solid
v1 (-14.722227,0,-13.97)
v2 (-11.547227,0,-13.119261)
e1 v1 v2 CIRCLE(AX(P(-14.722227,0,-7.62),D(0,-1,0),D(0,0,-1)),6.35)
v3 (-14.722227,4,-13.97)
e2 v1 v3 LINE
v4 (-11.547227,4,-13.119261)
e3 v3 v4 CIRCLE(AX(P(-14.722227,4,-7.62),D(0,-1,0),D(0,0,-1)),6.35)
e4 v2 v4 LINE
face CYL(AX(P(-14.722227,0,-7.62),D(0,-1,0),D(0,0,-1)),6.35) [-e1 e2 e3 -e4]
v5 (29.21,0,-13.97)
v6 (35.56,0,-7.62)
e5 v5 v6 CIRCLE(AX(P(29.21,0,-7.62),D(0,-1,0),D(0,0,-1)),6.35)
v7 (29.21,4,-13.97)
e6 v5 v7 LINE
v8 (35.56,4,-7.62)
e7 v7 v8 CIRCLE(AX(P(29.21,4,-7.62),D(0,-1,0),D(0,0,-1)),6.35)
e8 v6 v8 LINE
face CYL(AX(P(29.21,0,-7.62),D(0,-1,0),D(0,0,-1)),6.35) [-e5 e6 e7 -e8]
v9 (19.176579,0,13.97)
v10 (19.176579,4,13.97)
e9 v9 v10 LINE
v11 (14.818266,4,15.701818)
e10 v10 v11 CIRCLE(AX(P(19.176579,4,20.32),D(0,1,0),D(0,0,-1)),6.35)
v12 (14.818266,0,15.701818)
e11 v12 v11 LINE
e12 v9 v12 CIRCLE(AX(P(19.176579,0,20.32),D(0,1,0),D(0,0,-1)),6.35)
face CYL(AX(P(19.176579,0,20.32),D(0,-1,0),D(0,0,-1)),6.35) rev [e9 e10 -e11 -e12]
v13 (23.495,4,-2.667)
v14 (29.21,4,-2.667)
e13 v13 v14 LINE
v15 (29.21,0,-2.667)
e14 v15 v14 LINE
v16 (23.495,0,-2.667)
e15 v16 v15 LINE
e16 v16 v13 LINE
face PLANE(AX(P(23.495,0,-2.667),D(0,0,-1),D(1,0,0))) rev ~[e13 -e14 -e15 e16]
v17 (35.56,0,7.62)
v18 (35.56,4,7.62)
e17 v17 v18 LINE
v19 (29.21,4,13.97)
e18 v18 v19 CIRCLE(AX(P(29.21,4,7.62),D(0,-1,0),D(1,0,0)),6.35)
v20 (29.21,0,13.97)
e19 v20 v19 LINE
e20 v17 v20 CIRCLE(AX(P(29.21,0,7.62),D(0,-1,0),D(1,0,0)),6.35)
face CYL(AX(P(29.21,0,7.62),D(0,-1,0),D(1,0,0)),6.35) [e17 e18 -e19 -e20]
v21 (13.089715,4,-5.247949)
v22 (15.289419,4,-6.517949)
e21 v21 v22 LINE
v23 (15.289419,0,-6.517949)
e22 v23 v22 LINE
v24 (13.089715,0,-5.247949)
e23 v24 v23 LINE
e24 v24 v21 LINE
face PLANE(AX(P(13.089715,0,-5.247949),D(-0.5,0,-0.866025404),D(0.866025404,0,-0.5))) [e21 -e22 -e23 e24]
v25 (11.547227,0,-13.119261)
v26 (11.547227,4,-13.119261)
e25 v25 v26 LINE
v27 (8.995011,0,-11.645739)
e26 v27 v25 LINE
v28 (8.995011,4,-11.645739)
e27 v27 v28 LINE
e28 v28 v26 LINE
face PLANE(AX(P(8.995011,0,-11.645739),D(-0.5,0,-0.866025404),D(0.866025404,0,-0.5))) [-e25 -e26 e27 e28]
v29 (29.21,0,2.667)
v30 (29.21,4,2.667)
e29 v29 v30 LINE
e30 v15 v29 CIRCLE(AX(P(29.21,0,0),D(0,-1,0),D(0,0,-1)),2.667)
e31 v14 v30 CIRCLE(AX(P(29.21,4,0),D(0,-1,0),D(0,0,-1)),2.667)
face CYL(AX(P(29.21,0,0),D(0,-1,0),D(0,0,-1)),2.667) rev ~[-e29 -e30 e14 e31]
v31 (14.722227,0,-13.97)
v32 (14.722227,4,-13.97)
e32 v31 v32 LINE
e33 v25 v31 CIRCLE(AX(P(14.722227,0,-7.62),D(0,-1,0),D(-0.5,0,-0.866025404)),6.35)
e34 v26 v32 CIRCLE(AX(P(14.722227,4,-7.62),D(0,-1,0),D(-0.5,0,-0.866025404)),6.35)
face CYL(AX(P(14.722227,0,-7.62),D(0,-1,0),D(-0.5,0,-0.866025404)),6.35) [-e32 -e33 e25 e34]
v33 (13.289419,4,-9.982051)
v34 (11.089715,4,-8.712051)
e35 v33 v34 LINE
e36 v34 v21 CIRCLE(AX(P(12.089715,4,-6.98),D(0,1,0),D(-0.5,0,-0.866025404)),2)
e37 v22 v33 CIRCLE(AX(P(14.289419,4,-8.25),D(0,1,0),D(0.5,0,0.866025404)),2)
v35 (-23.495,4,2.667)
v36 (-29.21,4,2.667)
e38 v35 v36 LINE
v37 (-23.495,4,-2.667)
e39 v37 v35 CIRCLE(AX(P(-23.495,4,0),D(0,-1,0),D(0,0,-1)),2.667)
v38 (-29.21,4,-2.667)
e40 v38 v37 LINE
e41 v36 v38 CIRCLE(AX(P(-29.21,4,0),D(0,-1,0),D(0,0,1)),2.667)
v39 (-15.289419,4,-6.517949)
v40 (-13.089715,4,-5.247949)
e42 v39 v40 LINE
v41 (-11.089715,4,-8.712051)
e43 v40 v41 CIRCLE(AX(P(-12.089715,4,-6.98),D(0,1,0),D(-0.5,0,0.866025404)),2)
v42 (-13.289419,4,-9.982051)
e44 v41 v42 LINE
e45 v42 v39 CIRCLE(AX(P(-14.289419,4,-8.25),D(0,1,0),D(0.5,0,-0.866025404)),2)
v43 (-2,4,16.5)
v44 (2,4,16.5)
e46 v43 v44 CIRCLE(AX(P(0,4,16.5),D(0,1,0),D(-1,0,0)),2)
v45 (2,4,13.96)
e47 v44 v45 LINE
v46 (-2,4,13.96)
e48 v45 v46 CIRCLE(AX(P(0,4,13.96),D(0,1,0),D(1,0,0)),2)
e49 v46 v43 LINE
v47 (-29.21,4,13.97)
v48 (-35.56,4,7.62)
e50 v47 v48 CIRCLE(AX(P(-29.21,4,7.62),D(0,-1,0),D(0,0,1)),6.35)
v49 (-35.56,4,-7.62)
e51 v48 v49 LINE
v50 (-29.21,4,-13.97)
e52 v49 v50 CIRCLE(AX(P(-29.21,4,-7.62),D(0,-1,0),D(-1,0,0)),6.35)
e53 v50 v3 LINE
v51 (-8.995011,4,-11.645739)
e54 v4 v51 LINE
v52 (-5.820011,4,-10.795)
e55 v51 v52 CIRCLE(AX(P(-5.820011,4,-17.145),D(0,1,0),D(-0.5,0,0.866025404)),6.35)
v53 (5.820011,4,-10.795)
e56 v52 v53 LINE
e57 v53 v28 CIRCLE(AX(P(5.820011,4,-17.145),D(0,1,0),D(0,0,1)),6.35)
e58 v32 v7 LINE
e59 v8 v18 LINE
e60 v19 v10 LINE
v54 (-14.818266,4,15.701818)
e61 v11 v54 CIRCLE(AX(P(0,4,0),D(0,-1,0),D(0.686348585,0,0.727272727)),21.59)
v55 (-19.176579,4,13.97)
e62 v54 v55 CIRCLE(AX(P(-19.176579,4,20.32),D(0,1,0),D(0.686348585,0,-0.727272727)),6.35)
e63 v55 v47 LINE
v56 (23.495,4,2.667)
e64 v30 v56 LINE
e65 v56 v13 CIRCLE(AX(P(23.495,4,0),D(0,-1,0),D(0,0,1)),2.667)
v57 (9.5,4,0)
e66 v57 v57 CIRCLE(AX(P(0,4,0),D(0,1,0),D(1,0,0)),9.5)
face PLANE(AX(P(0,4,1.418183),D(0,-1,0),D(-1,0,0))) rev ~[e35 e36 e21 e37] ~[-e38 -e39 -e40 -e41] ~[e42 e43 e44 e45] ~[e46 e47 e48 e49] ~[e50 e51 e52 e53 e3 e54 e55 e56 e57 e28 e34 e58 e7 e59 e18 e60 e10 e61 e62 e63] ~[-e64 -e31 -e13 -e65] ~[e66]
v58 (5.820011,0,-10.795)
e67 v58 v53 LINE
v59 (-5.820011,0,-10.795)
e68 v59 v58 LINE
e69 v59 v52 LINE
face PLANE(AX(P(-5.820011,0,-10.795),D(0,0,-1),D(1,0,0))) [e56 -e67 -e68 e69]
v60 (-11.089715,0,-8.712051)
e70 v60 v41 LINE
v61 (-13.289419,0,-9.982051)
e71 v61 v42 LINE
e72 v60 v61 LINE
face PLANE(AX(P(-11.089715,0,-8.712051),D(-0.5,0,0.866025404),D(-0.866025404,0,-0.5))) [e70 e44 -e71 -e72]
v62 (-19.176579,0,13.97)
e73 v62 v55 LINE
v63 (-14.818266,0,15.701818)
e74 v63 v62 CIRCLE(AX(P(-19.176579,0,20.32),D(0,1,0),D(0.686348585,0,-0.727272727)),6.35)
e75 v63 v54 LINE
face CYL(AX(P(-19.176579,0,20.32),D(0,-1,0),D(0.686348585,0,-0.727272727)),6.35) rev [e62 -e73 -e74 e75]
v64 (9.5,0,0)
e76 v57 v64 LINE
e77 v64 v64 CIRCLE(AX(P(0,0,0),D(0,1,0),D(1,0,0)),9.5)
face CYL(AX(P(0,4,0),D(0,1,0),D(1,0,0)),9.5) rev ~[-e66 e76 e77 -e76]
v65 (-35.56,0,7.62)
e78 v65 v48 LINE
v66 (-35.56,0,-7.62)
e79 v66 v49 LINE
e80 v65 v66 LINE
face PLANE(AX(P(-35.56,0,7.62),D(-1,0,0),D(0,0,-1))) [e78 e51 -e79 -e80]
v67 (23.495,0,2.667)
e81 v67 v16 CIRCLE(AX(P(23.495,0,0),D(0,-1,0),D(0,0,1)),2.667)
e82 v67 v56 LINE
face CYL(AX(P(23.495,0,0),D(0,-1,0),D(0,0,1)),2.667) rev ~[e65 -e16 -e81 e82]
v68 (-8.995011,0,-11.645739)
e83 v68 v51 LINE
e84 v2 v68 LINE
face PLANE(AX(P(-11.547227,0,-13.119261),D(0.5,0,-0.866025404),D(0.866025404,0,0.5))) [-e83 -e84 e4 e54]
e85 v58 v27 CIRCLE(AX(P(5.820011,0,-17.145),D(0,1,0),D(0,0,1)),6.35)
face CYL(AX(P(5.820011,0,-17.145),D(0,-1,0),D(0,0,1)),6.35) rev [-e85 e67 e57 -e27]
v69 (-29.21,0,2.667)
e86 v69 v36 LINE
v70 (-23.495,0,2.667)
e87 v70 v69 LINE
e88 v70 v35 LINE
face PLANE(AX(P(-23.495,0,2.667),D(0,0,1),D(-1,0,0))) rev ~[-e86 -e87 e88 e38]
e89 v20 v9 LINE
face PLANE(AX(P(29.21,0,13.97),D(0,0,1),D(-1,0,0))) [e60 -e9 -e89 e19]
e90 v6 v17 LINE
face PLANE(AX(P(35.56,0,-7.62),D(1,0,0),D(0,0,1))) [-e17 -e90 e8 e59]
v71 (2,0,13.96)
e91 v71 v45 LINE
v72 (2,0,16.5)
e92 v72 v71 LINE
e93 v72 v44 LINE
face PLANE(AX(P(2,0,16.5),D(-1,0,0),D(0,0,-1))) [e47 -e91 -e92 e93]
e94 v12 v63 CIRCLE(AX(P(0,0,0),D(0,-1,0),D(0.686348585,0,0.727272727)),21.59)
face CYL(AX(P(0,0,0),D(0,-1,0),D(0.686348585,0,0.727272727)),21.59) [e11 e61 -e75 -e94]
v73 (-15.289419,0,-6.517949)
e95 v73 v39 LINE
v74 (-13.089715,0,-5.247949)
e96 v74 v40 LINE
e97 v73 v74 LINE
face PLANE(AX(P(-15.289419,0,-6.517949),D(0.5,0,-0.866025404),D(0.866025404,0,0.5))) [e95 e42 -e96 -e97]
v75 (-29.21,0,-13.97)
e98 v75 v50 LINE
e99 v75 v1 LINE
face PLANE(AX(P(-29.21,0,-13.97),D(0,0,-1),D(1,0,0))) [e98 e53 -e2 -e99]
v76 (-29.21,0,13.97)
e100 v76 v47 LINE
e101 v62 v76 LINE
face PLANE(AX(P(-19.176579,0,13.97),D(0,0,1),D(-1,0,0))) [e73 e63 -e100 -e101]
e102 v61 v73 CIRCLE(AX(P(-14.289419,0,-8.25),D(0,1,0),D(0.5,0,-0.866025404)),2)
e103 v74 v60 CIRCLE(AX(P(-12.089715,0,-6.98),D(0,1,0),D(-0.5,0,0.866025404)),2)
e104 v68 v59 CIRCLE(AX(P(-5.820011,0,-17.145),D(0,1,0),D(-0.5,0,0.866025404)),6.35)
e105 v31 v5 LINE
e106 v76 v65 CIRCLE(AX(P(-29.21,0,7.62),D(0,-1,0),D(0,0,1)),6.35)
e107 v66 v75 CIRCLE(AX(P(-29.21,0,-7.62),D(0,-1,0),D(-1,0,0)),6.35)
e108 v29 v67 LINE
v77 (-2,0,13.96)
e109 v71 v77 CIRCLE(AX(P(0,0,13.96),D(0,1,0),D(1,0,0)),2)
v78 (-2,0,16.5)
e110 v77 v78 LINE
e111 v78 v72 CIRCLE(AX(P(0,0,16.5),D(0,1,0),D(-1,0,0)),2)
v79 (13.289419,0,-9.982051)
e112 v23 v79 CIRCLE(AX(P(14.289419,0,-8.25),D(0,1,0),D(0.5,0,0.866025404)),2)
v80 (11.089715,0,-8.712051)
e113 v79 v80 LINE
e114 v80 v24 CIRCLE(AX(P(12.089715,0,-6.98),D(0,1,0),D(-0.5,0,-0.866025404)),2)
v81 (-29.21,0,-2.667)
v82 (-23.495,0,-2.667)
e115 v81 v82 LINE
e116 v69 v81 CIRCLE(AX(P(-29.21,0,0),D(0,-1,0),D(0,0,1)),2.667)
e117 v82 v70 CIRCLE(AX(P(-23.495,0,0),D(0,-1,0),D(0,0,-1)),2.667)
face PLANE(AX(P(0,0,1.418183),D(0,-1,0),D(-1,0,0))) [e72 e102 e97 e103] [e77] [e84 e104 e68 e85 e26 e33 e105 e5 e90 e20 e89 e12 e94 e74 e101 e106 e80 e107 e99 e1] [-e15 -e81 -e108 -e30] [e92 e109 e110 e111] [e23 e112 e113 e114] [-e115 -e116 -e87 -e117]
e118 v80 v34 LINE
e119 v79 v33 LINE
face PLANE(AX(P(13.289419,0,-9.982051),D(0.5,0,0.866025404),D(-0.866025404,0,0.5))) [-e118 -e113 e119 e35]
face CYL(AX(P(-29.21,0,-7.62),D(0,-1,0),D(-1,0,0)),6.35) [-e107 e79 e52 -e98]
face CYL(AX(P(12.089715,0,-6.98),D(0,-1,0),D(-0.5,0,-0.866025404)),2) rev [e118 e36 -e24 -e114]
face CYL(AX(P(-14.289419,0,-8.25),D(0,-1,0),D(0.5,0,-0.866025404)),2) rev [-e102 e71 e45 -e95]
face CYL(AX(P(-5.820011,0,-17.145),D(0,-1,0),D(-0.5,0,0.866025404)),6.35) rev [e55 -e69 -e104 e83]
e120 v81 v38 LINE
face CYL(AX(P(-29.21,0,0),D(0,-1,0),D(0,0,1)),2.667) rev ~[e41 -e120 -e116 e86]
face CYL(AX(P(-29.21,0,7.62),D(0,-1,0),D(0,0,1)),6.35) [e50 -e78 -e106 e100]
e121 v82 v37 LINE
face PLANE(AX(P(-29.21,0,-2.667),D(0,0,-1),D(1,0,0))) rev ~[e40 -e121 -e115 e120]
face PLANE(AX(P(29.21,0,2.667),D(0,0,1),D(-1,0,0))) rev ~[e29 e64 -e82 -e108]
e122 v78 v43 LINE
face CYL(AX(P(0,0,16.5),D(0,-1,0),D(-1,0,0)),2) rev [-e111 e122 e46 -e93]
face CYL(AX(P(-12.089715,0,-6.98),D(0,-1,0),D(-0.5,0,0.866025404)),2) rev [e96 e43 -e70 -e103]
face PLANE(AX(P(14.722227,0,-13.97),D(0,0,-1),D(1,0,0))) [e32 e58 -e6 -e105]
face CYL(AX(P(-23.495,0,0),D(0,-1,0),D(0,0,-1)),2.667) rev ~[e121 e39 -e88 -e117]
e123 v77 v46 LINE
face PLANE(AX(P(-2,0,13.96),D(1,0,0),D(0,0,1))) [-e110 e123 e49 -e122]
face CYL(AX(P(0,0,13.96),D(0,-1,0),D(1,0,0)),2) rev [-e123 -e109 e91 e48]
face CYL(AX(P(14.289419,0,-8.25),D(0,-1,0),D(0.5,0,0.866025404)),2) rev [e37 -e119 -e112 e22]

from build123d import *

# Parameters (mm, degrees)
SKETCH1_R           = 5.75
BOSS_EXTRUDE1_DEPTH = 4
SKETCH6_R           = 9.5
CUT_EXTRUDE1_DEPTH  = 5


with BuildPart() as part:
    # Sketch1 → Boss-Extrude1 (new body)
    with BuildSketch(Plane(origin=(0, 0, 0), x_dir=(1, 0, 0), z_dir=(0, 1, 0))):
        with BuildLine():
            Line((14.722227154, 13.97), (29.21, 13.97))
            ThreePointArc((29.21, 13.97), (33.700128061, 12.110128061), (35.56, 7.62))
            Line((35.56, 7.62), (35.56, -7.62))
            ThreePointArc((35.56, -7.62), (33.700128061, -12.110128061), (29.21, -13.97))
            Line((29.21, -13.97), (19.176579466, -13.97))
            ThreePointArc((19.176579466, -13.97), (16.831686562, -14.418815604), (14.818265951, -15.701818182))
            ThreePointArc((14.818265951, -15.701818182), (0, -21.59), (-14.818265951, -15.701818182))
            ThreePointArc((-14.818265951, -15.701818182), (-16.831686562, -14.418815604), (-19.176579466, -13.97))
            Line((-19.176579466, -13.97), (-29.21, -13.97))
            ThreePointArc((-29.21, -13.97), (-33.700128061, -12.110128061), (-35.56, -7.62))
            Line((-35.56, -7.62), (-35.56, 7.62))
            ThreePointArc((-35.56, 7.62), (-33.700128061, 12.110128061), (-29.21, 13.97))
            Line((-29.21, 13.97), (-14.722227154, 13.97))
            ThreePointArc((-14.722227154, 13.97), (-13.078726217, 13.753628997), (-11.547227154, 13.119261314))
            Line((-11.547227154, 13.119261314), (-8.995011096, 11.645738686))
            ThreePointArc((-8.995011096, 11.645738686), (-7.463512032, 11.011371003), (-5.820011096, 10.795))
            Line((-5.820011096, 10.795), (5.820011096, 10.795))
            ThreePointArc((5.820011096, 10.795), (7.463512032, 11.011371003), (8.995011096, 11.645738686))
            Line((8.995011096, 11.645738686), (11.547227154, 13.119261314))
            ThreePointArc((11.547227154, 13.119261314), (13.078726217, 13.753628997), (14.722227154, 13.97))
        make_face()
        Circle(SKETCH1_R, mode=Mode.SUBTRACT)
        with BuildLine():
            Line((-23.495, -2.667), (-29.21, -2.667))
            ThreePointArc((-29.21, -2.667), (-31.877, 0), (-29.21, 2.667))
            Line((-29.21, 2.667), (-23.495, 2.667))
            ThreePointArc((-23.495, 2.667), (-20.828, 0), (-23.495, -2.667))
        make_face(mode=Mode.SUBTRACT)
        with BuildLine():
            Line((23.495, 2.667), (29.21, 2.667))
            ThreePointArc((29.21, 2.667), (31.877, 0), (29.21, -2.667))
            Line((29.21, -2.667), (23.495, -2.667))
            ThreePointArc((23.495, -2.667), (20.828, 0), (23.495, 2.667))
        make_face(mode=Mode.SUBTRACT)
        with BuildLine():
            Line((-15.289419162, 6.517949192), (-13.089714637, 5.247949192))
            ThreePointArc((-13.089714637, 5.247949192), (-10.357663829, 5.98), (-11.089714637, 8.712050808))
            Line((-11.089714637, 8.712050808), (-13.289419162, 9.982050808))
            ThreePointArc((-13.289419162, 9.982050808), (-16.02146997, 9.25), (-15.289419162, 6.517949192))
        make_face(mode=Mode.SUBTRACT)
        with BuildLine():
            Line((13.289419162, 9.982050808), (11.089714637, 8.712050808))
            ThreePointArc((11.089714637, 8.712050808), (10.357663829, 5.98), (13.089714637, 5.247949192))
            Line((13.089714637, 5.247949192), (15.289419162, 6.517949192))
            ThreePointArc((15.289419162, 6.517949192), (16.02146997, 9.25), (13.289419162, 9.982050808))
        make_face(mode=Mode.SUBTRACT)
        with BuildLine():
            Line((2, -16.5), (2, -13.96))
            ThreePointArc((2, -13.96), (0, -11.96), (-2, -13.96))
            Line((-2, -13.96), (-2, -16.5))
            ThreePointArc((-2, -16.5), (0, -18.5), (2, -16.5))
        make_face(mode=Mode.SUBTRACT)
    extrude(amount=BOSS_EXTRUDE1_DEPTH)

    # Sketch6 → Cut-Extrude1 (cut, through all)
    with BuildSketch(Plane(origin=(0, 4, 0), x_dir=(1, 0, 0), z_dir=(0, 1, 0))):
        Circle(SKETCH6_R)
    extrude(amount=-CUT_EXTRUDE1_DEPTH, mode=Mode.SUBTRACT)


solid = part.part
